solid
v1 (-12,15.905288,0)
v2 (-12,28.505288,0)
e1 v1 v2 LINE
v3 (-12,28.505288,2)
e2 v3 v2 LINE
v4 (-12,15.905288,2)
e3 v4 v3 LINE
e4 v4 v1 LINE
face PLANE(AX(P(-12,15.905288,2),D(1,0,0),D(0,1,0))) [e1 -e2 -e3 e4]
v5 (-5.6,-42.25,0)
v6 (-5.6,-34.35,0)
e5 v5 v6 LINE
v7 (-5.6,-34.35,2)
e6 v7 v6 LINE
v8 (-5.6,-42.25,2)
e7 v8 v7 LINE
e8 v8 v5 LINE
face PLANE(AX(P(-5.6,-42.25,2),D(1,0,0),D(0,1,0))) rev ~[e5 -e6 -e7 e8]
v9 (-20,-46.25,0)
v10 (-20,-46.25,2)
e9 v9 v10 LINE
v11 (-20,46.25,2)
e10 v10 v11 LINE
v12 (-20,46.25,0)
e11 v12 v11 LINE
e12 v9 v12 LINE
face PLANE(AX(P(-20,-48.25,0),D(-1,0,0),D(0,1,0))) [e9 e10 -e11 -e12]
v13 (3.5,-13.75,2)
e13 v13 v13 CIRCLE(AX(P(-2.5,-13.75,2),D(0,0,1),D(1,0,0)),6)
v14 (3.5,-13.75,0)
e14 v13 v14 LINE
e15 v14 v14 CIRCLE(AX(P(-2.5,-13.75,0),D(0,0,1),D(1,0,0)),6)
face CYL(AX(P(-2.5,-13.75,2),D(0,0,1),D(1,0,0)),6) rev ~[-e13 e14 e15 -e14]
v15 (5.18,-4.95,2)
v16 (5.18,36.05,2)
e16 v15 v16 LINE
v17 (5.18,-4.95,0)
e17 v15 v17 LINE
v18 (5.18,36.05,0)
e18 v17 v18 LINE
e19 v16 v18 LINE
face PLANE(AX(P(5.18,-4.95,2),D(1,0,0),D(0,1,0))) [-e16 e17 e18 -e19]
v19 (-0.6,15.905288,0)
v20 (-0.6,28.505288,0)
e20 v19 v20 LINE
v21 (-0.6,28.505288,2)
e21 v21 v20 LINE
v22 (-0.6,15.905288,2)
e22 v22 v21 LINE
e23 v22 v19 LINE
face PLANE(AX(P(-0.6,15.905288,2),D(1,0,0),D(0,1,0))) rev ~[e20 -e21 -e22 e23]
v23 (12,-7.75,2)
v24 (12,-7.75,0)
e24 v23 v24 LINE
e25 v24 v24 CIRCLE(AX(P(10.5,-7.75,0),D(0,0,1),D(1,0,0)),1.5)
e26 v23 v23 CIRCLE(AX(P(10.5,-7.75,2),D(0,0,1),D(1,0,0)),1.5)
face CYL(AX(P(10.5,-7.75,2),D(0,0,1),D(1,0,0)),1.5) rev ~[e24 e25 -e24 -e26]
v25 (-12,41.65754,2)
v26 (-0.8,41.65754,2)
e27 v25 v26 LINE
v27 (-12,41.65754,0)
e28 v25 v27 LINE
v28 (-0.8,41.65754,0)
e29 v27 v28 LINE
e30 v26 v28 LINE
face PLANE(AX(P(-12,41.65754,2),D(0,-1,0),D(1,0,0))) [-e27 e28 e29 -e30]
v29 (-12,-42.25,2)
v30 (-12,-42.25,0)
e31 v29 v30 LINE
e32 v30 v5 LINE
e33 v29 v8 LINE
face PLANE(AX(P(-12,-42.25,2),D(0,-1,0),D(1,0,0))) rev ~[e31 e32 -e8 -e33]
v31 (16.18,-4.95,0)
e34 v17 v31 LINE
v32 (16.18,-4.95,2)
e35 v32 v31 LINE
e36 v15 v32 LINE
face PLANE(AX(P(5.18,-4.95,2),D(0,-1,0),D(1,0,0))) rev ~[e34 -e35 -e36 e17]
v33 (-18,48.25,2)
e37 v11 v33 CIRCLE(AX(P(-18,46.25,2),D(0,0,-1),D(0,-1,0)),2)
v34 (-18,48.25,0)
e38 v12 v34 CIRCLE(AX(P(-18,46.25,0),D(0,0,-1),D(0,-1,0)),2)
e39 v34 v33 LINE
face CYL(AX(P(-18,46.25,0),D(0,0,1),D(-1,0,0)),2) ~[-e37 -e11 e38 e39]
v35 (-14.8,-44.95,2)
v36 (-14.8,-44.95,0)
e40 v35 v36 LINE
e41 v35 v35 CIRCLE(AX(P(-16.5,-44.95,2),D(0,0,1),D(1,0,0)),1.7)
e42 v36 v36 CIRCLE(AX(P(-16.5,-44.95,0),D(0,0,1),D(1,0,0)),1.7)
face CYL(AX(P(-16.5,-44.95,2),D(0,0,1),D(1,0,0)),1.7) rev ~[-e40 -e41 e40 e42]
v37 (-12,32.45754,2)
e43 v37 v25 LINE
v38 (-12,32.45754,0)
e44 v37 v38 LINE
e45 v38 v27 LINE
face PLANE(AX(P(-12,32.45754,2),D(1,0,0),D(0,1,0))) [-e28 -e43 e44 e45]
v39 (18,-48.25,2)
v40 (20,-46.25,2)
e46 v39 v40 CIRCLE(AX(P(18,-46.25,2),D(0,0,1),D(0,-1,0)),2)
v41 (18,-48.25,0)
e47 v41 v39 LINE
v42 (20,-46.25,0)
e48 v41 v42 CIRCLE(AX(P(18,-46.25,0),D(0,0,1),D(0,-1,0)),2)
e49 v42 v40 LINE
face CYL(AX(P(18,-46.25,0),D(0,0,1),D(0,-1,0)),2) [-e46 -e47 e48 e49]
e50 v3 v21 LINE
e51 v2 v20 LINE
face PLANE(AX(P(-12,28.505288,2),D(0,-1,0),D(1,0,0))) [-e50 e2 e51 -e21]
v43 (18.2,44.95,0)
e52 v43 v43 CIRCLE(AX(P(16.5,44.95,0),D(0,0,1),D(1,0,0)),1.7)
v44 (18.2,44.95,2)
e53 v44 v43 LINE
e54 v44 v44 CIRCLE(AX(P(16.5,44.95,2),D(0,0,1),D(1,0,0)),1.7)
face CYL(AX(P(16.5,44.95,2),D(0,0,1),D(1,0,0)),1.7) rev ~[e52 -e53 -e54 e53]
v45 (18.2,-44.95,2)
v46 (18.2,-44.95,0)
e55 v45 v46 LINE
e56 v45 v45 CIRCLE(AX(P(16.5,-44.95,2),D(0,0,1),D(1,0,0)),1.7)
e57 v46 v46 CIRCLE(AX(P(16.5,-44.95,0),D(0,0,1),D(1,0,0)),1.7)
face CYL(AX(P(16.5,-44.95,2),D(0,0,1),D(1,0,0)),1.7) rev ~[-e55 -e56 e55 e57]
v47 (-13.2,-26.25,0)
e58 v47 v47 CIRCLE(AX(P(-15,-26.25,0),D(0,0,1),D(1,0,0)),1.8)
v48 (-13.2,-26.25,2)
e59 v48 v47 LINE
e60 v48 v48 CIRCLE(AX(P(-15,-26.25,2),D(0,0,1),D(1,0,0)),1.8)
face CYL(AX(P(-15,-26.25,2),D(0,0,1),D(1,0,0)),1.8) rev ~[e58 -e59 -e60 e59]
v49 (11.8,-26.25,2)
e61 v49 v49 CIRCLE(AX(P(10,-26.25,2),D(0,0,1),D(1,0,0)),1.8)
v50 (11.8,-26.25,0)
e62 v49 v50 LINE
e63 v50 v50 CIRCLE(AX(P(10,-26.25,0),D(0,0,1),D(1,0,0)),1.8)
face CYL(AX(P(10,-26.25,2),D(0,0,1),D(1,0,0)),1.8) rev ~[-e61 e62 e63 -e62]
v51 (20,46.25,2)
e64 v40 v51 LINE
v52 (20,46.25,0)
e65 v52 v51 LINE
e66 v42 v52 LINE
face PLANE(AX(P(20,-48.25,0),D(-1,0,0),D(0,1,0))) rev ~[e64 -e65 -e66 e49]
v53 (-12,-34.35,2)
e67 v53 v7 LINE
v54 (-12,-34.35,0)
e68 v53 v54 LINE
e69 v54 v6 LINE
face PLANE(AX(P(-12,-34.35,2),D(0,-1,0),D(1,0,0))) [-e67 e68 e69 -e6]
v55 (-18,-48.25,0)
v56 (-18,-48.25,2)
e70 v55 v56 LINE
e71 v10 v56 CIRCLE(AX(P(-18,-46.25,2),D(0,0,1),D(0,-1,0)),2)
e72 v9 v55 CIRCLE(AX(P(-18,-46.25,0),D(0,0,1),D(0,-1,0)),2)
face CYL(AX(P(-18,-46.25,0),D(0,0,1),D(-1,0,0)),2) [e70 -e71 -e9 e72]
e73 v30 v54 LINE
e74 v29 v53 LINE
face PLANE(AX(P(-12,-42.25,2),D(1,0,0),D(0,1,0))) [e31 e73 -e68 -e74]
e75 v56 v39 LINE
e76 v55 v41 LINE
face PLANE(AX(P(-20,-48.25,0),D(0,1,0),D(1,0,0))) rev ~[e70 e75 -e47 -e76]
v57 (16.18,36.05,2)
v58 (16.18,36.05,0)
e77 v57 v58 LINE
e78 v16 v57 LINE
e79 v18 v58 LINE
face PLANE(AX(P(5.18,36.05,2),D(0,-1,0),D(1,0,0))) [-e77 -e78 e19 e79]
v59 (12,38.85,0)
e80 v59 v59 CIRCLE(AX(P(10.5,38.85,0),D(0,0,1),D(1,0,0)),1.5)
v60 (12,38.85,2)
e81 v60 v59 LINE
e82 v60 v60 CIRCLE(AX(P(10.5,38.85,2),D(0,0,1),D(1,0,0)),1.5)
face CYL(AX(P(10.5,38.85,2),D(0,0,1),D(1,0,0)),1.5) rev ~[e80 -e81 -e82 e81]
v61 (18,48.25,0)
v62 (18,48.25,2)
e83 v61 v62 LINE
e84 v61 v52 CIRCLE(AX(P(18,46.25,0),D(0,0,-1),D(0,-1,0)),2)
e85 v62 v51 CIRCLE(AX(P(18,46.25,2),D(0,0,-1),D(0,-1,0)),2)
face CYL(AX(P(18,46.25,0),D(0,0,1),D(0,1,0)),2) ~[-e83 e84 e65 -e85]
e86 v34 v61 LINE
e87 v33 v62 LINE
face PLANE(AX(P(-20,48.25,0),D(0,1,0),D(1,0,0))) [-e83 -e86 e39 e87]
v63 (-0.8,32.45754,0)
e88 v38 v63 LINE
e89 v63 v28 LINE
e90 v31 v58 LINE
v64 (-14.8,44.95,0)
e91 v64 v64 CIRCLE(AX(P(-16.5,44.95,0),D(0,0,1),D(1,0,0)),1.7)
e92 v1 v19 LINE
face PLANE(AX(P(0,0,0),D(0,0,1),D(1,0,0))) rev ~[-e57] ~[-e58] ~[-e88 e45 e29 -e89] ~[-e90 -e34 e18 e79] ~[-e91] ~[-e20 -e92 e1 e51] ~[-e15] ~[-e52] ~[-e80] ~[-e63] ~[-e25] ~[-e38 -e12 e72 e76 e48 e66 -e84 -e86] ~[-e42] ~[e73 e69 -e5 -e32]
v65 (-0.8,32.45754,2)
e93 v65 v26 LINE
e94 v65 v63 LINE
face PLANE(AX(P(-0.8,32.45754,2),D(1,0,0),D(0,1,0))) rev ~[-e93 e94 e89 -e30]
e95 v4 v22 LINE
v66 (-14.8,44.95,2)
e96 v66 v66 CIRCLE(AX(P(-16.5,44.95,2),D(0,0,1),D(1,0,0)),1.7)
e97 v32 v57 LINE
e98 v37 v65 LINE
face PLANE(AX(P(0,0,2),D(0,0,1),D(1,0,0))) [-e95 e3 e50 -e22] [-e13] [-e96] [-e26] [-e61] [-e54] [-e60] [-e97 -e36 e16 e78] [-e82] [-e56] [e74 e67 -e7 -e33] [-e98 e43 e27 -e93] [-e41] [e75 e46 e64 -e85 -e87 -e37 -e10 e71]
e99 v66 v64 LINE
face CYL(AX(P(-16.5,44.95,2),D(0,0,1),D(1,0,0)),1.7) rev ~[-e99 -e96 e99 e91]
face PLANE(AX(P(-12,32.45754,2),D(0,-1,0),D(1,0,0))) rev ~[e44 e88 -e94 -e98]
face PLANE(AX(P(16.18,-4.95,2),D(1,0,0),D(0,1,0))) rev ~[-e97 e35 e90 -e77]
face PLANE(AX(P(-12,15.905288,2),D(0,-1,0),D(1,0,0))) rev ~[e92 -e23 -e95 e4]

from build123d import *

# Parameters (mm, degrees)
SKETCH_W      = 40
SKETCH_H      = 96.5
PAD_DEPTH     = 2
SKETCH001_R   = 1.7
SKETCH001_R_2 = 1.5
SKETCH001_R_3 = 6
SKETCH001_R_4 = 1.8
SKETCH001_W   = 11
SKETCH001_H   = 41
SKETCH001_W_2 = 11.2
SKETCH001_H_2 = 9.2
SKETCH001_W_3 = 11.4
SKETCH001_H_3 = 12.6
SKETCH001_W_4 = 6.4
SKETCH001_H_4 = 7.9
POCKET_DEPTH  = 5
FILLET_R      = 2
FILLET001_R   = 2
FILLET002_R   = 2
FILLET003_R   = 2


with BuildPart() as part:
    # Sketch → Pad (new body)
    with BuildSketch(Plane.XY):
        Rectangle(SKETCH_W, SKETCH_H)
    extrude(amount=PAD_DEPTH)

    # Sketch001 (on Face6 of Pad) → Pocket (cut)
    with BuildSketch(Plane.XY.offset(2)):
        with Locations((-16.5, 44.95)):
            Circle(SKETCH001_R)
        with Locations((16.5, 44.95)):
            Circle(SKETCH001_R)
        with Locations((-16.5, -44.95)):
            Circle(SKETCH001_R)
        with Locations((16.5, -44.95)):
            Circle(SKETCH001_R)
        with Locations((10.5, 38.85)):
            Circle(SKETCH001_R_2)
        with Locations((10.5, -7.75)):
            Circle(SKETCH001_R_2)
        with Locations((-2.5, -13.75)):
            Circle(SKETCH001_R_3)
        with Locations((-15, -26.25)):
            Circle(SKETCH001_R_4)
        with Locations((10, -26.25)):
            Circle(SKETCH001_R_4)
        with Locations((10.68, 15.55)):
            Rectangle(SKETCH001_W, SKETCH001_H)
        with Locations((-6.4, 37.05754)):
            Rectangle(SKETCH001_W_2, SKETCH001_H_2)
        with Locations((-6.3, 22.205288)):
            Rectangle(SKETCH001_W_3, SKETCH001_H_3)
        with Locations((-8.8, -38.3)):
            Rectangle(SKETCH001_W_4, SKETCH001_H_4)
    extrude(amount=-POCKET_DEPTH, mode=Mode.SUBTRACT)

    # Fillet
    fillet_edges = [part.edges().sort_by_distance(p)[0] for p in [
        (-20, 48.25, 1),
    ]]
    fillet(fillet_edges, radius=FILLET_R)

    # Fillet001
    fillet001_edges = [part.edges().sort_by_distance(p)[0] for p in [
        (20, 48.25, 1),
    ]]
    fillet(fillet001_edges, radius=FILLET001_R)

    # Fillet002
    fillet002_edges = [part.edges().sort_by_distance(p)[0] for p in [
        (-20, -48.25, 1),
    ]]
    fillet(fillet002_edges, radius=FILLET002_R)

    # Fillet003
    fillet003_edges = [part.edges().sort_by_distance(p)[0] for p in [
        (20, -48.25, 1),
    ]]
    fillet(fillet003_edges, radius=FILLET003_R)


solid = part.part
